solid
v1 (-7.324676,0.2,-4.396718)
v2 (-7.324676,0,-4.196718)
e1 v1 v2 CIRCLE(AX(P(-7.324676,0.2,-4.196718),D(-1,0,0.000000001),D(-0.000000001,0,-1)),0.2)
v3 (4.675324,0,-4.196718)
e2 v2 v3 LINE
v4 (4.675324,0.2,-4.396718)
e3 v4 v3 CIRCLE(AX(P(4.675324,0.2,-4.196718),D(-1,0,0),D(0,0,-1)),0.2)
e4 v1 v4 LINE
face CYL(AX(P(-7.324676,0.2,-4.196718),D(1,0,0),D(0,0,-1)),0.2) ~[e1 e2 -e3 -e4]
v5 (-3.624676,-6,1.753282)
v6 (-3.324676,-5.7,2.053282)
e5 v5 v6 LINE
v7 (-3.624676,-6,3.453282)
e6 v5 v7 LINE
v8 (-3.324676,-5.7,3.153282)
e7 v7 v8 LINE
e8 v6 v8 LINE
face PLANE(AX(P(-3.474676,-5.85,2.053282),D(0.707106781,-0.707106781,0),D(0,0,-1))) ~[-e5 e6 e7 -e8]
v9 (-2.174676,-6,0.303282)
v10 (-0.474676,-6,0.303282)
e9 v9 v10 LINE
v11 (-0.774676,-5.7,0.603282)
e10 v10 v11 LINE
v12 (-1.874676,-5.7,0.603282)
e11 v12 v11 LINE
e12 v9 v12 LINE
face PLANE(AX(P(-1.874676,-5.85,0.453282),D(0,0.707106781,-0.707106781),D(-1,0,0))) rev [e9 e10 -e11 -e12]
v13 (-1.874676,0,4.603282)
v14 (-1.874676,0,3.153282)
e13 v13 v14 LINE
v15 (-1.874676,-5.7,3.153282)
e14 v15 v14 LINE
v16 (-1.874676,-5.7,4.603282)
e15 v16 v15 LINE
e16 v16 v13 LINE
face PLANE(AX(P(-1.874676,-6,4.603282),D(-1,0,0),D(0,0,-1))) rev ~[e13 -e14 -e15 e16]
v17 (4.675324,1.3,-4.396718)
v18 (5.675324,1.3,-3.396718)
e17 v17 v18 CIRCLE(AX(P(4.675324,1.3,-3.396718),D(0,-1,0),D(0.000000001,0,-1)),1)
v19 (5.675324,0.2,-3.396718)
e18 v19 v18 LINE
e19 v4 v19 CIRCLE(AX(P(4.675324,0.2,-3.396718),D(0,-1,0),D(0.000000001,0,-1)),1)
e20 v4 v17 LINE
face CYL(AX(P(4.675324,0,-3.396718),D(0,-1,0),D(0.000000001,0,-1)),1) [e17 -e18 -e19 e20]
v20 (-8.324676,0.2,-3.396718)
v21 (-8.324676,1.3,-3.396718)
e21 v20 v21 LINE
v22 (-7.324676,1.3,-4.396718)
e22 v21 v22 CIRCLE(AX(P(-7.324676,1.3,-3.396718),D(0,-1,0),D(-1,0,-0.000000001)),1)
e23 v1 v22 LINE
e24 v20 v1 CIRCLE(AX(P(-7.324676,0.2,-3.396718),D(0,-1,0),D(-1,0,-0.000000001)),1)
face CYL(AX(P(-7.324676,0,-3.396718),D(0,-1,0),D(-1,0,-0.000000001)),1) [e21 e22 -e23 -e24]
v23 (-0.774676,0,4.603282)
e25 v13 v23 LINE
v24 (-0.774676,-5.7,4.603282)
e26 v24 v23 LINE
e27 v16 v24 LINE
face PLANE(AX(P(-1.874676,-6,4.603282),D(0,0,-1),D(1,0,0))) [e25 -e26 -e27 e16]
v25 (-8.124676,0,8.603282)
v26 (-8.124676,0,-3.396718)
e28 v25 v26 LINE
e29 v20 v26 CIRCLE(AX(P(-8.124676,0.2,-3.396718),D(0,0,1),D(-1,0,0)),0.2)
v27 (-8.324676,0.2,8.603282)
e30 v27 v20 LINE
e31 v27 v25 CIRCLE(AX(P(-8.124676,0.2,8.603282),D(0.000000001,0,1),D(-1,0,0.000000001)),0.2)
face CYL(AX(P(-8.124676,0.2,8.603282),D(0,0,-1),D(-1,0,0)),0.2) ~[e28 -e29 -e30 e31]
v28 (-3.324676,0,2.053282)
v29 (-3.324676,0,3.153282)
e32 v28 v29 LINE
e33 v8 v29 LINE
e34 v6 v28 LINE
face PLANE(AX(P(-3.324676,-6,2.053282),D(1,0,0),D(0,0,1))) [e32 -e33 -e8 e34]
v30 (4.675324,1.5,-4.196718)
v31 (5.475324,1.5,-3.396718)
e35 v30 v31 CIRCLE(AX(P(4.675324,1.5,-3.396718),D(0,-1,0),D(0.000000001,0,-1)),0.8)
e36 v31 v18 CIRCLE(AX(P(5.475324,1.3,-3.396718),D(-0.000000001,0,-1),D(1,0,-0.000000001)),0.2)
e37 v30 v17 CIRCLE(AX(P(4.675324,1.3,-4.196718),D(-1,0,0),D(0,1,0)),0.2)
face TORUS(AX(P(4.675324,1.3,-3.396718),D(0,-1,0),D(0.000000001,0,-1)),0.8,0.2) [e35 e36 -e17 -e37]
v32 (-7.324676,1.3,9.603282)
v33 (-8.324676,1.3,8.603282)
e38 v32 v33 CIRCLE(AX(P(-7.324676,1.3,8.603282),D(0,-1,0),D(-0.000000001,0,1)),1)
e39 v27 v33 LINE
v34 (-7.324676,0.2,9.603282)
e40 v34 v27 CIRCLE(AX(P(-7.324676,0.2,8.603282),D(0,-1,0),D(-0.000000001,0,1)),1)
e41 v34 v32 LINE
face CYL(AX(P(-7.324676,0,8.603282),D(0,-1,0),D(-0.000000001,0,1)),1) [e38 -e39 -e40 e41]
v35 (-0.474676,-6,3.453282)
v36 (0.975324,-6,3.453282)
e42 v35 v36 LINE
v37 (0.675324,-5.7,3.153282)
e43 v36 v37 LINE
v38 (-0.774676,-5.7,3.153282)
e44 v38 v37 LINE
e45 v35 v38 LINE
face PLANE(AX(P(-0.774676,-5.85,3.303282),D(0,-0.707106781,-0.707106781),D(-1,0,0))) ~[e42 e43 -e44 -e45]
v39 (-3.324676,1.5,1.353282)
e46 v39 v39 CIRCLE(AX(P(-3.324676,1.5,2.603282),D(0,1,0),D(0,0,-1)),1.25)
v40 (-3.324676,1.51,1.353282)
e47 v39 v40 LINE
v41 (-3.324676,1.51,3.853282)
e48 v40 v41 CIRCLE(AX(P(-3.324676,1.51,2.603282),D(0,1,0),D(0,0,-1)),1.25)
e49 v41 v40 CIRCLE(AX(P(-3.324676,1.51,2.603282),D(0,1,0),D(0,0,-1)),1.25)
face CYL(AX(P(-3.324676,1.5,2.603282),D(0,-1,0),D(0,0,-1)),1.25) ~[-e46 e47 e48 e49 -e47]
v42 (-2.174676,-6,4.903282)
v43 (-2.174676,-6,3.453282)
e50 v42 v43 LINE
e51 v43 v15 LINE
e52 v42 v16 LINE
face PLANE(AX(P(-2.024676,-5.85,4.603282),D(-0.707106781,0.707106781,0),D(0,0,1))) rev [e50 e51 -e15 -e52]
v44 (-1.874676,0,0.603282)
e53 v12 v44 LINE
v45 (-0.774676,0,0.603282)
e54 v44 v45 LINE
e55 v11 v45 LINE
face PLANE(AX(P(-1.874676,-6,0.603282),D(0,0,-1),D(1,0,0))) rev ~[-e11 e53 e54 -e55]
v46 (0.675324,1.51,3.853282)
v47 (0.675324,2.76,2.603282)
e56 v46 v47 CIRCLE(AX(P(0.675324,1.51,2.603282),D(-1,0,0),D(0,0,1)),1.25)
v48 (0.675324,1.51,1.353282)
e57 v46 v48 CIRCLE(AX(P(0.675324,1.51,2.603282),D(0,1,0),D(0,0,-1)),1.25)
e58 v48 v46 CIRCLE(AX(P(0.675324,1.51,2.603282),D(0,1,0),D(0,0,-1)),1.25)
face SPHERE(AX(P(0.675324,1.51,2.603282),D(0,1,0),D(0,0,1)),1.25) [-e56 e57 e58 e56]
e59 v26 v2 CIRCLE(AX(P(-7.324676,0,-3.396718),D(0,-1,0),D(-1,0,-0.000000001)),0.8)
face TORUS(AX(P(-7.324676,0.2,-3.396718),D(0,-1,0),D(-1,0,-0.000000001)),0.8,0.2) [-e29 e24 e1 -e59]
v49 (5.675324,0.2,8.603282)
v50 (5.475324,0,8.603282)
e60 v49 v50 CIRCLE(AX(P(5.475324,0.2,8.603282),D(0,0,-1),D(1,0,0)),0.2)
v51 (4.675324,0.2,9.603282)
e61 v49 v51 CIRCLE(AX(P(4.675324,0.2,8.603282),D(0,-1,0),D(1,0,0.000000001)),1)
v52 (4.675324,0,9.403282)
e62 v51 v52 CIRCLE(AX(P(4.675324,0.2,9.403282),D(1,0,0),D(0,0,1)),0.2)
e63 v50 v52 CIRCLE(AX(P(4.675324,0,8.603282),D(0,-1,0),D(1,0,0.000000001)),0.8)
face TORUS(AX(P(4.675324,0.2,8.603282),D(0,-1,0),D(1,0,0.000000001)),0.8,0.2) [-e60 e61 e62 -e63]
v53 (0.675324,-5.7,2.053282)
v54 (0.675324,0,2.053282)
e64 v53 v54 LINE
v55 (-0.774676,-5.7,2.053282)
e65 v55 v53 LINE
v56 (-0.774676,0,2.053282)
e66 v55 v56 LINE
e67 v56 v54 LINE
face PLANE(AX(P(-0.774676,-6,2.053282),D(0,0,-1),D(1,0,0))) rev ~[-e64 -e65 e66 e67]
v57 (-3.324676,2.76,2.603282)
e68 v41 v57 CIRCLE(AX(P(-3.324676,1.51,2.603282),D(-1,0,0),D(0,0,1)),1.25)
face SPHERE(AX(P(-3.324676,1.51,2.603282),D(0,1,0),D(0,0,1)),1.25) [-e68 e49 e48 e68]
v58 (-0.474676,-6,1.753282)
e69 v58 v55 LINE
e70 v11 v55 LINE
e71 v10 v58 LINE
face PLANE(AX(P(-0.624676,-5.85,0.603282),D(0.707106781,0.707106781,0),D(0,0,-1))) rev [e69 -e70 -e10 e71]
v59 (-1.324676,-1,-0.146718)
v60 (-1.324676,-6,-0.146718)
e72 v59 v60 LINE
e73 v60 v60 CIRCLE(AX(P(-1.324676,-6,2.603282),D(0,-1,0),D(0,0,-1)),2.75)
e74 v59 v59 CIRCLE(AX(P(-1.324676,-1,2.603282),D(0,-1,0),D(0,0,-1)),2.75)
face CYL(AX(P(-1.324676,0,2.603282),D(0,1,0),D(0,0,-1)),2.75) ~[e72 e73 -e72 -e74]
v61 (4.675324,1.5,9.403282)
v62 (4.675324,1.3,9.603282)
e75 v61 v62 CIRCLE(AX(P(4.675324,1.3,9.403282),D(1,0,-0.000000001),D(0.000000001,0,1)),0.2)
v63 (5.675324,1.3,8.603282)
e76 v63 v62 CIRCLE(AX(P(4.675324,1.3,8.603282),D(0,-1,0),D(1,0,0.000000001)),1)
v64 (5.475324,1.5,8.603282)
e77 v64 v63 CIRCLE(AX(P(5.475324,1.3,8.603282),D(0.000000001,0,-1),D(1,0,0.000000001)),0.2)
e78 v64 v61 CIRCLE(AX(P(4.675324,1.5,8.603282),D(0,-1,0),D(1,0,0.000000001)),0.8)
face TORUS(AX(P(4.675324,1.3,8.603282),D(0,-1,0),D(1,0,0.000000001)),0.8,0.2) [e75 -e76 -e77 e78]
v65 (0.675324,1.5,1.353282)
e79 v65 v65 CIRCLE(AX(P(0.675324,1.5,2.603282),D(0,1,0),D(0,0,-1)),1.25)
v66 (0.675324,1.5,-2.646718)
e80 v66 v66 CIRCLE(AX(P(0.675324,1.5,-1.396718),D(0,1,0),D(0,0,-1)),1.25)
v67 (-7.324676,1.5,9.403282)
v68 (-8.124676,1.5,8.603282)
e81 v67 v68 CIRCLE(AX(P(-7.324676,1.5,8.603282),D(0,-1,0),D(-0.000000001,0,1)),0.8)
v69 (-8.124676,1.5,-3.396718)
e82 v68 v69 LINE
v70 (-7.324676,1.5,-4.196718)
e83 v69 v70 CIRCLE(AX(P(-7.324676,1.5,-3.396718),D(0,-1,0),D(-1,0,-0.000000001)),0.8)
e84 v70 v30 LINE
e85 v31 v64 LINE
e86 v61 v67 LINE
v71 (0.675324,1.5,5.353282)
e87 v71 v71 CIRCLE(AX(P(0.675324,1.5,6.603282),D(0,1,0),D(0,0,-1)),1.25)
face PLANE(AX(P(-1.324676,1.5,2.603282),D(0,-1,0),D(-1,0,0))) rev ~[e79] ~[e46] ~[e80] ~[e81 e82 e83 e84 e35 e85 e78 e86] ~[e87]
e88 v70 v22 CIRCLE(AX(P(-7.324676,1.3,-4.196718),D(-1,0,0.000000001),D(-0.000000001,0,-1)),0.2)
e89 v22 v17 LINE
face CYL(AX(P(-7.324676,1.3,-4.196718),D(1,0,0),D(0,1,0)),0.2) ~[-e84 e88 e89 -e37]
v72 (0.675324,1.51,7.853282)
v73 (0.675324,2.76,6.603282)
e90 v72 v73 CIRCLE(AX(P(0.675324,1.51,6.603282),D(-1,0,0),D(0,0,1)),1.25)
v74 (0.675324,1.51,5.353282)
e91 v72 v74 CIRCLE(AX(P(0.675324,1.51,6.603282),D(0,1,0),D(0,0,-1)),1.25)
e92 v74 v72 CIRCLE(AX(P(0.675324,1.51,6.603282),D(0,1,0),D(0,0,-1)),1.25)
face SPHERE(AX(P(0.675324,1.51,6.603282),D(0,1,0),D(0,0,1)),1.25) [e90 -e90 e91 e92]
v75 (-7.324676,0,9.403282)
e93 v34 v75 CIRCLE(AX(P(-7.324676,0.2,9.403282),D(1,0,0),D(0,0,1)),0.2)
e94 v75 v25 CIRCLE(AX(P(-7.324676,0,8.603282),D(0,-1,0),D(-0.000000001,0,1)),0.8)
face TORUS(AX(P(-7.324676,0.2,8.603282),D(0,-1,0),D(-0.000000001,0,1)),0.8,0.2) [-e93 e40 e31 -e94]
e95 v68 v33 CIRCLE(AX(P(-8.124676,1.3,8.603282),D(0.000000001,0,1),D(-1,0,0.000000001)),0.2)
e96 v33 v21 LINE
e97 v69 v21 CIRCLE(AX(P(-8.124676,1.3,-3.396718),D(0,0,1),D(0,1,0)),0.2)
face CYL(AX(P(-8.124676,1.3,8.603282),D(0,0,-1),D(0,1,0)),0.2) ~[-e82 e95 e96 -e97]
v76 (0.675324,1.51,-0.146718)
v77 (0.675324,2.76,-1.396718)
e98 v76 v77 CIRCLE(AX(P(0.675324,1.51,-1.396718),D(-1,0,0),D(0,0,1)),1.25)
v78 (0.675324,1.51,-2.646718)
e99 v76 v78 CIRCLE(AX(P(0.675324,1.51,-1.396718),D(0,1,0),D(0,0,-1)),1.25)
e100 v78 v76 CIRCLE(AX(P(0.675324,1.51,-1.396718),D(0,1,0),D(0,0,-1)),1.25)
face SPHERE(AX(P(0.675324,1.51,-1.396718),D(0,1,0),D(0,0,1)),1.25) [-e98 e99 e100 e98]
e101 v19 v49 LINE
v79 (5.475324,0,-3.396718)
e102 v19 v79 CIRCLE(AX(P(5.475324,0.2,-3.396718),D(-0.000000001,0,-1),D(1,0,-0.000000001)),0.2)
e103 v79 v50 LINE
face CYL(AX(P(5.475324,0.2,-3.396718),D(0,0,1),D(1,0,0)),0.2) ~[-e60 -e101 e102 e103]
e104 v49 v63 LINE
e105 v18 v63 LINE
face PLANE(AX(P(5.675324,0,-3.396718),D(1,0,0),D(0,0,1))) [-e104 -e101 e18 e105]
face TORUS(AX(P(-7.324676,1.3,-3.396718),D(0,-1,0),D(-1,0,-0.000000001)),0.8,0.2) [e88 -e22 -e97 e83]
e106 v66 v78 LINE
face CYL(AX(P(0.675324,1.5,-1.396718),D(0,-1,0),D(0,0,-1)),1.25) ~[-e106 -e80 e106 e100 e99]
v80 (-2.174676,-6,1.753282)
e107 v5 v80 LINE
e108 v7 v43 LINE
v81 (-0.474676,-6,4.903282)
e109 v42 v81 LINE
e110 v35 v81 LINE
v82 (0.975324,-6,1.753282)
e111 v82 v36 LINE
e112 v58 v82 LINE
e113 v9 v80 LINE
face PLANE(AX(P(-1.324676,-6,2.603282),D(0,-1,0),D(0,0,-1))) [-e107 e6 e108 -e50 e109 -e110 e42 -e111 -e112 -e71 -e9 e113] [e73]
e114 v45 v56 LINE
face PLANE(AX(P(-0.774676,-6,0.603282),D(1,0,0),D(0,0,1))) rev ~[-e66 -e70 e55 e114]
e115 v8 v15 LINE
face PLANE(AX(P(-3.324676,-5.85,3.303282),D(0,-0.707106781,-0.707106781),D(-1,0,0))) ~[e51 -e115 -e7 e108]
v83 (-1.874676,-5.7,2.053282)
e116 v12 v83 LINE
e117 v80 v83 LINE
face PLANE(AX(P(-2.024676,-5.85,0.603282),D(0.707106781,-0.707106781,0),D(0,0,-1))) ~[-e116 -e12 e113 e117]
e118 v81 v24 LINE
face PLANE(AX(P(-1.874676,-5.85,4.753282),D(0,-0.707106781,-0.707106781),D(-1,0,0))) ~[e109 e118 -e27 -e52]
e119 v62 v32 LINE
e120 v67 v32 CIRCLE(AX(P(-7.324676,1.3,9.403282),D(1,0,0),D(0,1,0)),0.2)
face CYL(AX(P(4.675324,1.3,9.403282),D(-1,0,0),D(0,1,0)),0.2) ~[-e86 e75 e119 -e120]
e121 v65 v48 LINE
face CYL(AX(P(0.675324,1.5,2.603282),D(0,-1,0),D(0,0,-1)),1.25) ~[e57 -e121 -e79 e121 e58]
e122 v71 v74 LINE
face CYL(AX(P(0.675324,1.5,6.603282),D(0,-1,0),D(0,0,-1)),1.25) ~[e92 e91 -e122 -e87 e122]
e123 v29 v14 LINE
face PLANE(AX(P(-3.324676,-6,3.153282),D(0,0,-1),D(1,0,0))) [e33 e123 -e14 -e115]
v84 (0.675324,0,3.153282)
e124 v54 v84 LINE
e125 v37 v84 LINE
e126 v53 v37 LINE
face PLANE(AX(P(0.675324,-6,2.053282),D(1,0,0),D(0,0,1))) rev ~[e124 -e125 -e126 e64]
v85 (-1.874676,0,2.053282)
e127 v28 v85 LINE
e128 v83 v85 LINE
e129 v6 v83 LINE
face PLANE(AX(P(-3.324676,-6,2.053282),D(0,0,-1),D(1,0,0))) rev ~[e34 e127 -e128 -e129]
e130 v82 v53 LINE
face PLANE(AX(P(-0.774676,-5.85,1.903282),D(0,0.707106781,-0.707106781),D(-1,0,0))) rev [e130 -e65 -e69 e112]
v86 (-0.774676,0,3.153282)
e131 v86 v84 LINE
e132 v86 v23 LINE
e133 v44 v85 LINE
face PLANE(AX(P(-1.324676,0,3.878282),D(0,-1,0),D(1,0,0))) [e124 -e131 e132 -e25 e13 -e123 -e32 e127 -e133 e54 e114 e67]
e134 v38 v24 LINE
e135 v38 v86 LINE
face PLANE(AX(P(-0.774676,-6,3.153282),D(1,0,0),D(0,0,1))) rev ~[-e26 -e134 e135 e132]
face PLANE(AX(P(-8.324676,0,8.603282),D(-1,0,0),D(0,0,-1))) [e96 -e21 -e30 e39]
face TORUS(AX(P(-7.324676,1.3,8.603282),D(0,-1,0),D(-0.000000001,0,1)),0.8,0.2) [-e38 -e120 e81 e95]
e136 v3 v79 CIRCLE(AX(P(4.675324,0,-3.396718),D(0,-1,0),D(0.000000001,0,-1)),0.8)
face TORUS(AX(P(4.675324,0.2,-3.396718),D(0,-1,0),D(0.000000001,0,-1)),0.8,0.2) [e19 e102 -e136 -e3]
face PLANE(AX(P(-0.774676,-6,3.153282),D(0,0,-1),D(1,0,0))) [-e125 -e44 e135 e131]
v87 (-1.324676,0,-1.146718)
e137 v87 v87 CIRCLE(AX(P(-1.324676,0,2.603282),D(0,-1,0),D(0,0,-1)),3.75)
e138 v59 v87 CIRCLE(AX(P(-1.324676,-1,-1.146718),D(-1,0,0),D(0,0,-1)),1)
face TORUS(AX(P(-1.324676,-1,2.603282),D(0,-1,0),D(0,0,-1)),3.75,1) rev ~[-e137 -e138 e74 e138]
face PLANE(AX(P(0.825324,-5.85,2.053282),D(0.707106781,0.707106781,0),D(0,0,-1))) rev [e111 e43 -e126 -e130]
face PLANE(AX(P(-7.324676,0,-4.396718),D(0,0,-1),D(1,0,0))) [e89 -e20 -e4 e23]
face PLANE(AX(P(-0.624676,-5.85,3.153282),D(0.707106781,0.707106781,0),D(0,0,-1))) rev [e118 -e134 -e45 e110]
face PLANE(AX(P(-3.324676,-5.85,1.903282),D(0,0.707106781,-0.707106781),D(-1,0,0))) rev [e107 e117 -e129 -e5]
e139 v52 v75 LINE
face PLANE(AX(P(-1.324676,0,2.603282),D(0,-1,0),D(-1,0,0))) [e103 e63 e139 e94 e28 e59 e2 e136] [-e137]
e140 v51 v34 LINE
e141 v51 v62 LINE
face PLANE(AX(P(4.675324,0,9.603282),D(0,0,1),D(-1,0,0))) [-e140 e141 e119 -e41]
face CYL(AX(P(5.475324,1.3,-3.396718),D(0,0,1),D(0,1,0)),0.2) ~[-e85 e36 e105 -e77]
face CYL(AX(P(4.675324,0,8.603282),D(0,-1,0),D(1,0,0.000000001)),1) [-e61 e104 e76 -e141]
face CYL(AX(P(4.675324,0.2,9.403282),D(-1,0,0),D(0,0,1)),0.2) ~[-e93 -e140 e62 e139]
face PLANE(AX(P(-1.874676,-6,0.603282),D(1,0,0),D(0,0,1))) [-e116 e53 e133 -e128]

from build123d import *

# Parameters (mm, degrees)
BOSS_EXTRUDE1_DEPTH = 1.5
SKETCH2_R           = 2.75
BOSS_EXTRUDE2_DEPTH = 6
SKETCH3_W           = 1.1
SKETCH3_H           = 1.45
SKETCH3_W_2         = 1.45
SKETCH3_H_2         = 1.1
CUT_EXTRUDE1_DEPTH  = 6
CHAMFER1_SIZE       = 0.3
FILLET1_R           = 1
SKETCH4_R           = 1.25
BOSS_EXTRUDE3_DEPTH = 0.01
DOME2_FACE_RADIUS   = 1.25
DOME2_HEIGHT        = 1.25
DOME3_FACE_RADIUS   = 1.25
DOME3_HEIGHT        = 1.25
DOME4_FACE_RADIUS   = 1.25
DOME4_HEIGHT        = 1.25
DOME6_FACE_RADIUS   = 1.25
DOME6_HEIGHT        = 1.25
FILLET3_R           = 0.2


with BuildPart() as part:
    # Sketch1 → Boss-Extrude1 (new body)
    with BuildSketch(Plane(origin=(0, 0, 0), x_dir=(1, 0, 0), z_dir=(0, 1, 0))):
        with BuildLine():
            Line((-7.324675649, 4.396717546), (4.675324351, 4.396717546))
            ThreePointArc((4.675324351, 4.396717546), (5.382431132, 4.103824327), (5.675324351, 3.396717546))
            Line((5.675324351, 3.396717546), (5.675324351, -8.603282454))
            ThreePointArc((5.675324351, -8.603282454), (5.382431132, -9.310389235), (4.675324351, -9.603282454))
            Line((4.675324351, -9.603282454), (-7.324675649, -9.603282454))
            ThreePointArc((-7.324675649, -9.603282454), (-8.03178243, -9.310389235), (-8.324675649, -8.603282454))
            Line((-8.324675649, -8.603282454), (-8.324675649, 3.396717546))
            ThreePointArc((-8.324675649, 3.396717546), (-8.03178243, 4.103824327), (-7.324675649, 4.396717546))
        make_face()
    extrude(amount=BOSS_EXTRUDE1_DEPTH)

    # Sketch2 → Boss-Extrude2 (add)
    with BuildSketch(Plane.XZ):
        with Locations(Location((-1.324675649, 2.603282454, 0), (0, 0, 270))):
            Circle(SKETCH2_R)
    extrude(amount=BOSS_EXTRUDE2_DEPTH)

    # Sketch3 → Cut-Extrude1 (cut)
    with BuildSketch(Plane.XZ.offset(6)):
        with Locations((-1.324675649, 3.878282454)):
            Rectangle(SKETCH3_W, SKETCH3_H)
        with Locations((-0.049675649, 2.603282454)):
            Rectangle(SKETCH3_W_2, SKETCH3_H_2)
        with Locations((-1.324675649, 2.603282454)):
            Rectangle(SKETCH3_W, SKETCH3_H_2)
        with Locations((-2.599675649, 2.603282454)):
            Rectangle(SKETCH3_W_2, SKETCH3_H_2)
        with Locations((-1.324675649, 1.328282454)):
            Rectangle(SKETCH3_W, SKETCH3_H)
    extrude(amount=-CUT_EXTRUDE1_DEPTH, mode=Mode.SUBTRACT)

    # Chamfer1
    chamfer1_edges = [part.edges().sort_by_distance(p)[0] for p in [
        (-0.774675649, -6, 3.878282454),
        (-0.049675649, -6, 3.153282454),
        (0.675324351, -6, 2.603282454),
        (-0.774675649, -6, 1.328282454),
        (-2.599675649, -6, 3.153282454),
        (-1.324675649, -6, 4.603282454),
        (-1.874675649, -6, 3.878282454),
        (-3.324675649, -6, 2.603282454),
        (-2.599675649, -6, 2.053282454),
        (-1.874675649, -6, 1.328282454),
        (-1.324675649, -6, 0.603282454),
        (-0.049675649, -6, 2.053282454),
    ]]
    chamfer(chamfer1_edges, length=CHAMFER1_SIZE)

    # Fillet1
    fillet1_edges = [part.edges().sort_by_distance(p)[0] for p in [
        (-1.324675649, 0, 5.353282454),
    ]]
    fillet(fillet1_edges, radius=FILLET1_R)

    # Sketch4 → Boss-Extrude3 (add)
    with BuildSketch(Plane(origin=(0, 1.5, 0), x_dir=(1, 0, 0), z_dir=(0, 1, 0))):
        with Locations(Location((0.675324351, -2.603282454, 0), (0, 0, 90))):
            Circle(SKETCH4_R)
        with Locations(Location((-3.324675649, -2.603282454, 0), (0, 0, 90))):
            Circle(SKETCH4_R)
        with Locations(Location((0.675324351, -6.603282454, 0), (0, 0, 90))):
            Circle(SKETCH4_R)
        with Locations(Location((0.675324351, 1.396717546, 0), (0, 0, 90))):
            Circle(SKETCH4_R)
    extrude(amount=BOSS_EXTRUDE3_DEPTH)

    # Dome2: a dome of height H over a round flat face of radius A is a cap of a sphere of radius (A * A + H * H) / (2 * H)
    dome2_r = (DOME2_FACE_RADIUS * DOME2_FACE_RADIUS + DOME2_HEIGHT * DOME2_HEIGHT) / (2 * DOME2_HEIGHT)
    dome2_base = Plane((0.675324351, 1.51, -1.396717546), z_dir=(0, 1, 0))
    with Locations(dome2_base.offset(DOME2_HEIGHT - dome2_r)):
        dome2_ball = Sphere(dome2_r, mode=Mode.PRIVATE)
    add(split(dome2_ball, bisect_by=dome2_base, keep=Keep.TOP, mode=Mode.PRIVATE))

    # Dome3: a dome of height H over a round flat face of radius A is a cap of a sphere of radius (A * A + H * H) / (2 * H)
    dome3_r = (DOME3_FACE_RADIUS * DOME3_FACE_RADIUS + DOME3_HEIGHT * DOME3_HEIGHT) / (2 * DOME3_HEIGHT)
    dome3_base = Plane((-3.324675649, 1.51, 2.603282454), z_dir=(0, 1, 0))
    with Locations(dome3_base.offset(DOME3_HEIGHT - dome3_r)):
        dome3_ball = Sphere(dome3_r, mode=Mode.PRIVATE)
    add(split(dome3_ball, bisect_by=dome3_base, keep=Keep.TOP, mode=Mode.PRIVATE))

    # Dome4: a dome of height H over a round flat face of radius A is a cap of a sphere of radius (A * A + H * H) / (2 * H)
    dome4_r = (DOME4_FACE_RADIUS * DOME4_FACE_RADIUS + DOME4_HEIGHT * DOME4_HEIGHT) / (2 * DOME4_HEIGHT)
    dome4_base = Plane((0.675324351, 1.51, 2.603282454), z_dir=(0, 1, 0))
    with Locations(dome4_base.offset(DOME4_HEIGHT - dome4_r)):
        dome4_ball = Sphere(dome4_r, mode=Mode.PRIVATE)
    add(split(dome4_ball, bisect_by=dome4_base, keep=Keep.TOP, mode=Mode.PRIVATE))

    # Dome6: a dome of height H over a round flat face of radius A is a cap of a sphere of radius (A * A + H * H) / (2 * H)
    dome6_r = (DOME6_FACE_RADIUS * DOME6_FACE_RADIUS + DOME6_HEIGHT * DOME6_HEIGHT) / (2 * DOME6_HEIGHT)
    dome6_base = Plane((0.675324351, 1.51, 6.603282454), z_dir=(0, 1, 0))
    with Locations(dome6_base.offset(DOME6_HEIGHT - dome6_r)):
        dome6_ball = Sphere(dome6_r, mode=Mode.PRIVATE)
    add(split(dome6_ball, bisect_by=dome6_base, keep=Keep.TOP, mode=Mode.PRIVATE))

    # Fillet3
    fillet3_edges = [part.edges().sort_by_distance(p)[0] for p in [
        (5.382431132, 1.5, 9.310389235),
        (-1.324675649, 0, 9.603282454),
        (-8.03178243, 0, 9.310389235),
        (5.675324351, 1.5, 2.603282454),
        (5.382431132, 1.5, -4.103824327),
        (-1.324675649, 1.5, -4.396717546),
        (-8.03178243, 1.5, -4.103824327),
        (-8.324675649, 1.5, 2.603282454),
        (-8.03178243, 1.5, 9.310389235),
        (-1.324675649, 1.5, 9.603282454),
        (-8.324675649, 0, 2.603282454),
        (-8.03178243, 0, -4.103824327),
        (-1.324675649, 0, -4.396717546),
        (5.382431132, 0, -4.103824327),
        (5.675324351, 0, 2.603282454),
        (5.382431132, 0, 9.310389235),
    ]]
    fillet(fillet3_edges, radius=FILLET3_R)


solid = part.part
